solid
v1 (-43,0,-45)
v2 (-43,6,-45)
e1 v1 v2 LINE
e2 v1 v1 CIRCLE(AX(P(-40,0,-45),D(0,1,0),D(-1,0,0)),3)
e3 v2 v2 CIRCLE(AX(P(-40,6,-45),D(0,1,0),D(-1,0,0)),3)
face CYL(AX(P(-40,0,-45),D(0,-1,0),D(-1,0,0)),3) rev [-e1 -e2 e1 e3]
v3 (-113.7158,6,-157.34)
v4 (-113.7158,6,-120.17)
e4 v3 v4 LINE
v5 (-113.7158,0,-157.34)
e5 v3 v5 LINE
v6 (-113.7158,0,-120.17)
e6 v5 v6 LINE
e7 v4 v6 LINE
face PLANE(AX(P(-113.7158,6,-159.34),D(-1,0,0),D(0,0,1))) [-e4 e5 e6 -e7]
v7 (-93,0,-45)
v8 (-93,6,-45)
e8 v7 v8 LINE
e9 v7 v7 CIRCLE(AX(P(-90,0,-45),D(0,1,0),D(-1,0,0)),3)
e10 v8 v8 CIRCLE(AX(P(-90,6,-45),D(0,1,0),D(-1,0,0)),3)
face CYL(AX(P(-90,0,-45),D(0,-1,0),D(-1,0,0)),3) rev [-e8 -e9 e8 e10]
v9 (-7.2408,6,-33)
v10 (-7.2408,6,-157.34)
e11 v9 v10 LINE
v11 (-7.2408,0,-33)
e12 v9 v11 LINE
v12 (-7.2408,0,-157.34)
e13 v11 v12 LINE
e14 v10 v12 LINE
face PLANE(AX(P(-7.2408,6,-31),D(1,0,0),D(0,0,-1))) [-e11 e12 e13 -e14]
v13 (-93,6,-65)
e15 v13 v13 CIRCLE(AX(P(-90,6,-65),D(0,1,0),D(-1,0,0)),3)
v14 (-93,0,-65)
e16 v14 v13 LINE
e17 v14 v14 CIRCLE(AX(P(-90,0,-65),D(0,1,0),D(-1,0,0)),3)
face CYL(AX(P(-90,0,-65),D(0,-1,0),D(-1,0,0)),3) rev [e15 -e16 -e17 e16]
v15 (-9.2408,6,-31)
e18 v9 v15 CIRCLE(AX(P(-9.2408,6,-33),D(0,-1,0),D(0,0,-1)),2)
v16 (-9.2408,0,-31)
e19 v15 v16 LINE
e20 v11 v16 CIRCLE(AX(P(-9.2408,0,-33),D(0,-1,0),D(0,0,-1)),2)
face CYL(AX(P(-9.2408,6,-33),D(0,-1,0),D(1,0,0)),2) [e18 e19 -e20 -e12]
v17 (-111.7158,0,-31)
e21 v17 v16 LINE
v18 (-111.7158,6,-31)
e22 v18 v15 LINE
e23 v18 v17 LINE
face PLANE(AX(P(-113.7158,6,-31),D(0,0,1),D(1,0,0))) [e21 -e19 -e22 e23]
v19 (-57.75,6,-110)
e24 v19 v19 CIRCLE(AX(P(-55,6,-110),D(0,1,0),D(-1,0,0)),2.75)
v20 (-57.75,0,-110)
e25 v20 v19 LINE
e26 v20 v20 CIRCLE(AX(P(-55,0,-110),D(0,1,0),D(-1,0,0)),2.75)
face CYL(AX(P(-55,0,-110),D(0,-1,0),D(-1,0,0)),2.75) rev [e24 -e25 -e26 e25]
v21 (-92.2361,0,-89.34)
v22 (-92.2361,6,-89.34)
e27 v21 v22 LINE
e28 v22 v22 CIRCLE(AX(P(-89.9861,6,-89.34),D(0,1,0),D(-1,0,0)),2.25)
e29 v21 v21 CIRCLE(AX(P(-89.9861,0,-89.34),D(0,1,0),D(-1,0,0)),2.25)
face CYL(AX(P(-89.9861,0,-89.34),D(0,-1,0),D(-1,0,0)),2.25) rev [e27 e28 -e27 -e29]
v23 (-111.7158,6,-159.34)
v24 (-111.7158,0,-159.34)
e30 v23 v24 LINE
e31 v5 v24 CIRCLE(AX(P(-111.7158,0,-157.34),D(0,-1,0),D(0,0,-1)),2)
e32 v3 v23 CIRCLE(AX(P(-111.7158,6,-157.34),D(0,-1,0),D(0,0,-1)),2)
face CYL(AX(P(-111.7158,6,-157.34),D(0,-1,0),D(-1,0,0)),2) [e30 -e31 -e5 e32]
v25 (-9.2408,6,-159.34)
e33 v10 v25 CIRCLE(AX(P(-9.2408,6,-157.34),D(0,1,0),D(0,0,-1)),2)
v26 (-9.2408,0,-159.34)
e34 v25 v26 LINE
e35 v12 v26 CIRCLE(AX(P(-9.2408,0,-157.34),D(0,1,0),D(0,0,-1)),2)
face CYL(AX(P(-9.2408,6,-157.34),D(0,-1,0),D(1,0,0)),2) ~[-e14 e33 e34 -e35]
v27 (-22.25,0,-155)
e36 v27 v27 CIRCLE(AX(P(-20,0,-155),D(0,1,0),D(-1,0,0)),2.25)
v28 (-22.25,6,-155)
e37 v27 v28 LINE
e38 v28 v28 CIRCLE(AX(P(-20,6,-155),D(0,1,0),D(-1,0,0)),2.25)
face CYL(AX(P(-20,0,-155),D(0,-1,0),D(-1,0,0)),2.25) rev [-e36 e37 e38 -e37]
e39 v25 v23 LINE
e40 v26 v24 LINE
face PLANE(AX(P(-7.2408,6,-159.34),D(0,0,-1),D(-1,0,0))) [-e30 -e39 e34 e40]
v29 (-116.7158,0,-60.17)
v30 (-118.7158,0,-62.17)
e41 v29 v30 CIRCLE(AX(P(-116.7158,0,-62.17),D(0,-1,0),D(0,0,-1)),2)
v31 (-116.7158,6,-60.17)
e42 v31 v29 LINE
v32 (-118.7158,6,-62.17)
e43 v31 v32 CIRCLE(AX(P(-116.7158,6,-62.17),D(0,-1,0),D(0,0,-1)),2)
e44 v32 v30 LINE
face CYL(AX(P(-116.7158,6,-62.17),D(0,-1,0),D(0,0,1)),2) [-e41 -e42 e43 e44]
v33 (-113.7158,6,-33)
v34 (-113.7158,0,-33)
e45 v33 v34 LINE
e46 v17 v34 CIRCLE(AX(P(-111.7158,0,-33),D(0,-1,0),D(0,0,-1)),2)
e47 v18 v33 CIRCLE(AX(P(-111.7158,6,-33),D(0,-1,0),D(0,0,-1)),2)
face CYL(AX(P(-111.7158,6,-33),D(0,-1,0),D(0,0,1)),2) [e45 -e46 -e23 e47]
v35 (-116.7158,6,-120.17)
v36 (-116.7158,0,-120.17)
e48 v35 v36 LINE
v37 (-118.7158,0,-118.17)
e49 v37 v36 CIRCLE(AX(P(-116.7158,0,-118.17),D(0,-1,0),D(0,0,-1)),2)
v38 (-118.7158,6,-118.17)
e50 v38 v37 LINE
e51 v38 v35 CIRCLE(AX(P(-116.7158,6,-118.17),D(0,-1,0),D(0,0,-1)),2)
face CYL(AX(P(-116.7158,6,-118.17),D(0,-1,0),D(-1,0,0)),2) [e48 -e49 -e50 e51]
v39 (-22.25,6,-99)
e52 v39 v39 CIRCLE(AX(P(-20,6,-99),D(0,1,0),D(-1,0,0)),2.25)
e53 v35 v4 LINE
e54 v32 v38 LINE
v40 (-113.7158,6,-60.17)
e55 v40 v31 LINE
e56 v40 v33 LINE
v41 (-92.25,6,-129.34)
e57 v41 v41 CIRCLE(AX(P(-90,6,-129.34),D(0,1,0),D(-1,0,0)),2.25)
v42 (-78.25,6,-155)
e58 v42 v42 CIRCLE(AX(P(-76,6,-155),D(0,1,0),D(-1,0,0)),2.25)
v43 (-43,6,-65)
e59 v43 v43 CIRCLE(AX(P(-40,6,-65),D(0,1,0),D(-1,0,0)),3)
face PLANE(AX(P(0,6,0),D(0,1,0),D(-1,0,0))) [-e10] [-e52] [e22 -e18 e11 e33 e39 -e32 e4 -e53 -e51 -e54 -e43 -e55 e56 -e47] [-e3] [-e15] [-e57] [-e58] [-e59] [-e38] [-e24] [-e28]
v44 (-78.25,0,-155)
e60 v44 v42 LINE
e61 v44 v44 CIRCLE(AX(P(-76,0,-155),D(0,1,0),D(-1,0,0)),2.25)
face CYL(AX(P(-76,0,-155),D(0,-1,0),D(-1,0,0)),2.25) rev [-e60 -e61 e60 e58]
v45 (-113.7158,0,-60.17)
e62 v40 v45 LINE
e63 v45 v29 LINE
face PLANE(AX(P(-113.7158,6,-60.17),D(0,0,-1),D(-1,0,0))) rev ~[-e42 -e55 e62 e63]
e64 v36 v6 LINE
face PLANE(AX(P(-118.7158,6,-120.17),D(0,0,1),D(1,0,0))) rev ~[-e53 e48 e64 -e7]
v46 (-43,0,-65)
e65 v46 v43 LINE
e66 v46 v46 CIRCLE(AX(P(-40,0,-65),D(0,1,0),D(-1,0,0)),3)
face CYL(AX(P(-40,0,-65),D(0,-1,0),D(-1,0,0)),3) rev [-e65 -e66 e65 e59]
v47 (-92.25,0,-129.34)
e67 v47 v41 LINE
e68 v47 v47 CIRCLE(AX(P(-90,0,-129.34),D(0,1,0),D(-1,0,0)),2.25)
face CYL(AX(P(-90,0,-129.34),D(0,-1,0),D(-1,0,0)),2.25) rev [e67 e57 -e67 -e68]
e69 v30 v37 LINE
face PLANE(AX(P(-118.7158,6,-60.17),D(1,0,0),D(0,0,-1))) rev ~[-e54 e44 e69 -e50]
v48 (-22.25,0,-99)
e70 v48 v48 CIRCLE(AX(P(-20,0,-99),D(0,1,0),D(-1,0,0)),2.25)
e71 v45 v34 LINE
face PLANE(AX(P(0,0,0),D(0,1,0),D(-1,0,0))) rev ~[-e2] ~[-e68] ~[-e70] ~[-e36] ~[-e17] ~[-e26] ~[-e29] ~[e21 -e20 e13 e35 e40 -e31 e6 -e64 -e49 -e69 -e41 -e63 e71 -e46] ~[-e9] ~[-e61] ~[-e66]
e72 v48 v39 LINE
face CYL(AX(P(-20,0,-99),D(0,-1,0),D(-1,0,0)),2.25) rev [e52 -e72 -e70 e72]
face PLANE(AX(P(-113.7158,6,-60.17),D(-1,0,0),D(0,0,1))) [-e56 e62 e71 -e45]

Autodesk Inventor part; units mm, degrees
ref_plane "YZ Plane" through (0, 0, 0) normal (1, 0, 0) x (0, 1, 0)
ref_plane "XZ Plane" through (0, 0, 0) normal (0, 1, 0) x (-1, 0, 0)
ref_plane "XY Plane" through (0, 0, 0) normal (0, 0, 1) x (1, 0, 0)
sketch "Sketch1" plane through (0, 0, 0) normal (0, 1, 0) x (-1, 0, 0)
  line L0 (232.1908, -176.5808) -> (232.1908, -3.7592)
  arc A0 (232.1908, -3.7592) -> (227.4316, 1) centre (227.4316, -3.7592) ccw
  line L1 (227.4316, 1) -> (0, 1)
  arc A1 (0, 1) -> (-4.7592, -3.7592) centre (0, -3.7592) ccw
  arc A2 (-4.7592, -176.5808) -> (0, -181.34) centre (0, -176.5808) ccw
  arc A3 (227.4316, -181.34) -> (232.1908, -176.5808) centre (227.4316, -176.5808) ccw
  circle A4 centre (130, -129.34) radius 2.25
  circle A5 centre (129.9861, -89.34) radius 2.25
  circle A6 centre (90, -129.34) radius 2.25
  circle A7 centre (89.9861, -89.34) radius 2.25
  circle A8 centre (180, -110) radius 2.75
  circle A9 centre (55, -110) radius 2.75
  circle A10 centre (90, -45) radius 3
  circle A11 centre (190, -45) radius 3
  circle A12 centre (190, -65) radius 3
  circle A13 centre (90, -65) radius 3
  circle A14 centre (140, -45) radius 3
  circle A15 centre (40, -45) radius 3
  circle A16 centre (140, -65) radius 3
  circle A17 centre (40, -65) radius 3
  line L2 (230.1908, -176.5808) -> (230.1908, -3.7592)
  arc A18 (230.1908, -3.7592) -> (227.4316, -1) centre (227.4316, -3.7592) ccw
  line L3 (227.4316, -1) -> (0, -1)
  arc A19 (0, -1) -> (-2.7592, -3.7592) centre (0, -3.7592) ccw
  arc A20 (-2.7592, -176.5808) -> (0, -179.34) centre (0, -176.5808) ccw
  arc A21 (227.4316, -179.34) -> (230.1908, -176.5808) centre (227.4316, -176.5808) ccw
  line L4 (-4.7592, -3.7592) -> (-4.7592, -176.5808)
  line L5 (-2.7592, -3.7592) -> (-2.7592, -176.5808)
  line L6 (0, -179.34) -> (227.4316, -179.34)
  line L7 (227.4316, -181.34) -> (0, -181.34)
  line L8 (0, 0) -> (0, -15)
  line L9 (0, 0) -> (15, 0) construction
  line L10 (0, 0) -> (15, 0)
  line L11 (0, 0) -> (15, 0) construction
  circle A22 centre (20, -155) radius 2.25
  circle A23 centre (76, -155) radius 2.25
  circle A24 centre (20, -99) radius 2.25
  point P0 (230.1908, -3.7592)
  point P1 (0, -1)
  dimension "d0" = 2
  dimension "d1" = 2
  dimension "d2" = 2
  dimension "d3" = 2
  dimension "d5" = 2
  dimension "d7" = 2
  dimension "d8" = 227.4316
  dimension "d9" = 172.8216
  dimension "d10" = 4.7592
  dimension "d45" = 15
  dimension "d46" = 90
  dimension "d47" = 15
  dimension "d48" = 0
  dimension "d49" = 110
  dimension "d50" = 55
  dimension "d51" = 125
  dimension "d52" = 110
  dimension "d54" = 40
  dimension "d55" = 40
  dimension "d56" = 40
  dimension "d57" = 40
  dimension "d58" = 50
  dimension "d59" = 100.1908
  dimension "d60" = 2.7592
  dimension "d61" = 1
  dimension "d62" = 4.7592
  dimension "d63" = 178.34
  dimension "d64" = 180.34
  dimension "d65" = 172.8216
  dimension "d66" = 230.1908
  dimension "d67" = 4.5
  dimension "d68" = 5.5
  dimension "d69" = 6
  dimension "d70" = 40.1908
  dimension "d71" = 64
  dimension "d72" = 20
  dimension "d73" = 50
  dimension "d74" = 50
  dimension "d75" = 50
  dimension "d76" = 20
  dimension "d77" = 20
  dimension "d78" = 20
  dimension "d79" = 50
  dimension "d87" = 4.5
  dimension "d89" = 45
  dimension "d90" = 35
  dimension "d91" = 4.5
  dimension "d92" = 56
  dimension "d93" = 4.5
  dimension "d94" = 56
extrude "Extrusion1" add sketch "Sketch1" along normal blind 6 contours A21 L6 A20 L5 A19 L3 A18 L2
sketch "Sketch2" plane through (0, 6, 0) normal (0, 1, 0) x (1, 0, 0)
  line L0 (-232.1908, 176.5808) -> (-232.1908, 3.7592)
  arc A0 (-232.1908, 3.7592) -> (-227.4316, -1) centre (-227.4316, 3.7592) ccw
  line L1 (-227.4316, -1) -> (0, -1)
  arc A1 (0, -1) -> (4.7592, 3.7592) centre (0, 3.7592) ccw
  arc A2 (4.7592, 176.5808) -> (0, 181.34) centre (0, 176.5808) ccw
  arc A3 (-227.4316, 181.34) -> (-232.1908, 176.5808) centre (-227.4316, 176.5808) ccw
  circle A4 centre (-130, 135) radius 2
  circle A5 centre (-130, 95) radius 2
  circle A6 centre (-90, 135) radius 2
  circle A7 centre (-90, 95) radius 2
  circle A8 centre (-160.0797, 100) radius 2.75
  circle A9 centre (-60.0797, 100) radius 2.75
  circle A10 centre (-90, 45) radius 2.5
  circle A11 centre (-190, 45) radius 2.5
  circle A12 centre (-190, 65) radius 2.5
  circle A13 centre (-90, 65) radius 2.5
  circle A14 centre (-140, 45) radius 2.5
  circle A15 centre (-40, 45) radius 2.5
  circle A16 centre (-140, 65) radius 2.5
  circle A17 centre (-40, 65) radius 2.5
  line L2 (-230.1908, 176.5808) -> (-230.1908, 3.7592)
  arc A18 (-230.1908, 3.7592) -> (-227.4316, 1) centre (-227.4316, 3.7592) ccw
  line L3 (-227.4316, 1) -> (0, 1)
  arc A19 (0, 1) -> (2.7592, 3.7592) centre (0, 3.7592) ccw
  arc A20 (2.7592, 176.5808) -> (0, 179.34) centre (0, 176.5808) ccw
  arc A21 (-227.4316, 179.34) -> (-230.1908, 176.5808) centre (-227.4316, 176.5808) ccw
  line L4 (4.7592, 3.7592) -> (4.7592, 176.5808)
  line L5 (2.7592, 3.7592) -> (2.7592, 176.5808)
  line L6 (0, 179.34) -> (-227.4316, 179.34)
  line L7 (-227.4316, 181.34) -> (0, 181.34)
  line L8 (0, 179.34) -> (-227.4316, 179.34) projected
  line L9 (-113.7158, 179.34) -> (-113.7158, 1)
  line L10 (-227.4316, 1) -> (0, 1) projected
  line L11 (-118.7158, 120.17) -> (-108.7158, 120.17)
  line L12 (-108.7158, 120.17) -> (-108.7158, 60.17)
  line L13 (-108.7158, 60.17) -> (-118.7158, 60.17)
  line L14 (-118.7158, 60.17) -> (-118.7158, 120.17)
  line L15 (-118.7158, 120.17) -> (-108.7158, 60.17) construction
  line L16 (-108.7158, 120.17) -> (-118.7158, 60.17) construction
  line L17 (-113.7158, 179.34) -> (-113.7158, 179.34)
  line L18 (2.7592, 159.34) -> (-230.1908, 159.34)
  line L19 (-230.1908, 159.34) -> (-230.1908, 199.34)
  line L20 (-230.1908, 199.34) -> (2.7592, 199.34)
  line L21 (2.7592, 199.34) -> (2.7592, 159.34)
  line L22 (2.7592, 159.34) -> (-230.1908, 199.34) construction
  line L23 (-230.1908, 159.34) -> (2.7592, 199.34) construction
  line L24 (-113.7158, 1) -> (-113.7158, 16)
  line L25 (-230.1908, 31) -> (2.7592, 31)
  line L26 (2.7592, 31) -> (2.7592, 1)
  line L27 (2.7592, 1) -> (-230.1908, 1)
  line L28 (-230.1908, 1) -> (-230.1908, 31)
  line L29 (-230.1908, 31) -> (2.7592, 1) construction
  line L30 (2.7592, 31) -> (-230.1908, 1) construction
  line L31 (-227.4316, 1) -> (0, 1) projected
  line L32 (-230.1908, 199.34) -> (-200.1908, 199.34)
  line L33 (-200.1908, 199.34) -> (-200.1908, 1)
  line L34 (-200.1908, 1) -> (-230.1908, 1)
  line L35 (-230.1908, 1) -> (-230.1908, 199.34)
  line L36 (2.7592, 1) -> (-7.2408, 1)
  line L37 (-7.2408, 1) -> (-7.2408, 199.34)
  line L38 (-7.2408, 199.34) -> (2.7592, 199.34)
  line L39 (2.7592, 199.34) -> (2.7592, 1)
  point P0 (230.1908, -176.5808)
  point P1 (230.1908, -3.7592)
  point P2 (227.4316, -1)
  point P3 (0, -1)
  point P4 (0, 0)
  point P5 (230.1908, -176.5808)
  point P6 (230.1908, -3.7592)
  point P7 (227.4316, -1)
  point P8 (0, -1)
  point P9 (-113.7158, 90.17)
  point P10 (-113.7158, 120.17)
  point P11 (-113.7158, 60.17)
  point P12 (-113.7158, 1)
  point P13 (0, 1)
  point P14 (-230.1908, 3.7592)
  point P15 (-227.4316, 1)
  point P16 (-113.7158, 159.34)
  point P17 (-7.2408, 159.34)
  point P18 (-7.2408, 31)
  point P19 (-113.7158, 31)
  dimension "d22" = 2
  dimension "d23" = 2
  dimension "d24" = 2
  dimension "d25" = 2
  dimension "d26" = 2
  dimension "d27" = 2
  dimension "d28" = 227.4316
  dimension "d29" = 172.8216
  dimension "d30" = 4.7592
  dimension "d31" = 10
  dimension "d32" = 60
  dimension "d37" = 0
  dimension "d38" = 40
  dimension "d39" = 15
  dimension "d40" = 30
  dimension "d41" = 30
  dimension "d42" = 10
extrude "Extrusion3" cut sketch "Sketch2" against normal through all contours A21 L6 L33 L18 L2 | L18 L33 L25 L2 | L6 L9 L18 L33 | L25 L33 L3 A18 L2 | L18 L9 L11 L14 L13 L25 L33 | L37 L18 L9 L6 | L6 A20 L5 L18 L37 | L25 L9 L3 L33 | L18 L5 L25 L37 | L25 L37 L3 L9 | L25 L5 A19 L3 L37 | A4 | A5 | A8 | A11 | A12 | A14 | A16
fillet "Fillet3" radius 2 6 edges at (-113.7158, 3, -31) (-118.7158, 3, -60.17) (-118.7158, 3, -120.17) (-7.2408, 3, -31) (-7.2408, 3, -159.34) (-113.7158, 3, -159.34)
equation "\"d1\" = d0"
equation "\"d2\" = d0"
equation "\"d3\" = d0"
equation "\"d5\" = d0"
equation "\"d7\" = d0"
equation "\"d23\" = d22"
equation "\"d24\" = d22"
equation "\"d25\" = d22"
equation "\"d26\" = d22"
equation "\"d27\" = d22"
properties part number "EboxBottom_2"
